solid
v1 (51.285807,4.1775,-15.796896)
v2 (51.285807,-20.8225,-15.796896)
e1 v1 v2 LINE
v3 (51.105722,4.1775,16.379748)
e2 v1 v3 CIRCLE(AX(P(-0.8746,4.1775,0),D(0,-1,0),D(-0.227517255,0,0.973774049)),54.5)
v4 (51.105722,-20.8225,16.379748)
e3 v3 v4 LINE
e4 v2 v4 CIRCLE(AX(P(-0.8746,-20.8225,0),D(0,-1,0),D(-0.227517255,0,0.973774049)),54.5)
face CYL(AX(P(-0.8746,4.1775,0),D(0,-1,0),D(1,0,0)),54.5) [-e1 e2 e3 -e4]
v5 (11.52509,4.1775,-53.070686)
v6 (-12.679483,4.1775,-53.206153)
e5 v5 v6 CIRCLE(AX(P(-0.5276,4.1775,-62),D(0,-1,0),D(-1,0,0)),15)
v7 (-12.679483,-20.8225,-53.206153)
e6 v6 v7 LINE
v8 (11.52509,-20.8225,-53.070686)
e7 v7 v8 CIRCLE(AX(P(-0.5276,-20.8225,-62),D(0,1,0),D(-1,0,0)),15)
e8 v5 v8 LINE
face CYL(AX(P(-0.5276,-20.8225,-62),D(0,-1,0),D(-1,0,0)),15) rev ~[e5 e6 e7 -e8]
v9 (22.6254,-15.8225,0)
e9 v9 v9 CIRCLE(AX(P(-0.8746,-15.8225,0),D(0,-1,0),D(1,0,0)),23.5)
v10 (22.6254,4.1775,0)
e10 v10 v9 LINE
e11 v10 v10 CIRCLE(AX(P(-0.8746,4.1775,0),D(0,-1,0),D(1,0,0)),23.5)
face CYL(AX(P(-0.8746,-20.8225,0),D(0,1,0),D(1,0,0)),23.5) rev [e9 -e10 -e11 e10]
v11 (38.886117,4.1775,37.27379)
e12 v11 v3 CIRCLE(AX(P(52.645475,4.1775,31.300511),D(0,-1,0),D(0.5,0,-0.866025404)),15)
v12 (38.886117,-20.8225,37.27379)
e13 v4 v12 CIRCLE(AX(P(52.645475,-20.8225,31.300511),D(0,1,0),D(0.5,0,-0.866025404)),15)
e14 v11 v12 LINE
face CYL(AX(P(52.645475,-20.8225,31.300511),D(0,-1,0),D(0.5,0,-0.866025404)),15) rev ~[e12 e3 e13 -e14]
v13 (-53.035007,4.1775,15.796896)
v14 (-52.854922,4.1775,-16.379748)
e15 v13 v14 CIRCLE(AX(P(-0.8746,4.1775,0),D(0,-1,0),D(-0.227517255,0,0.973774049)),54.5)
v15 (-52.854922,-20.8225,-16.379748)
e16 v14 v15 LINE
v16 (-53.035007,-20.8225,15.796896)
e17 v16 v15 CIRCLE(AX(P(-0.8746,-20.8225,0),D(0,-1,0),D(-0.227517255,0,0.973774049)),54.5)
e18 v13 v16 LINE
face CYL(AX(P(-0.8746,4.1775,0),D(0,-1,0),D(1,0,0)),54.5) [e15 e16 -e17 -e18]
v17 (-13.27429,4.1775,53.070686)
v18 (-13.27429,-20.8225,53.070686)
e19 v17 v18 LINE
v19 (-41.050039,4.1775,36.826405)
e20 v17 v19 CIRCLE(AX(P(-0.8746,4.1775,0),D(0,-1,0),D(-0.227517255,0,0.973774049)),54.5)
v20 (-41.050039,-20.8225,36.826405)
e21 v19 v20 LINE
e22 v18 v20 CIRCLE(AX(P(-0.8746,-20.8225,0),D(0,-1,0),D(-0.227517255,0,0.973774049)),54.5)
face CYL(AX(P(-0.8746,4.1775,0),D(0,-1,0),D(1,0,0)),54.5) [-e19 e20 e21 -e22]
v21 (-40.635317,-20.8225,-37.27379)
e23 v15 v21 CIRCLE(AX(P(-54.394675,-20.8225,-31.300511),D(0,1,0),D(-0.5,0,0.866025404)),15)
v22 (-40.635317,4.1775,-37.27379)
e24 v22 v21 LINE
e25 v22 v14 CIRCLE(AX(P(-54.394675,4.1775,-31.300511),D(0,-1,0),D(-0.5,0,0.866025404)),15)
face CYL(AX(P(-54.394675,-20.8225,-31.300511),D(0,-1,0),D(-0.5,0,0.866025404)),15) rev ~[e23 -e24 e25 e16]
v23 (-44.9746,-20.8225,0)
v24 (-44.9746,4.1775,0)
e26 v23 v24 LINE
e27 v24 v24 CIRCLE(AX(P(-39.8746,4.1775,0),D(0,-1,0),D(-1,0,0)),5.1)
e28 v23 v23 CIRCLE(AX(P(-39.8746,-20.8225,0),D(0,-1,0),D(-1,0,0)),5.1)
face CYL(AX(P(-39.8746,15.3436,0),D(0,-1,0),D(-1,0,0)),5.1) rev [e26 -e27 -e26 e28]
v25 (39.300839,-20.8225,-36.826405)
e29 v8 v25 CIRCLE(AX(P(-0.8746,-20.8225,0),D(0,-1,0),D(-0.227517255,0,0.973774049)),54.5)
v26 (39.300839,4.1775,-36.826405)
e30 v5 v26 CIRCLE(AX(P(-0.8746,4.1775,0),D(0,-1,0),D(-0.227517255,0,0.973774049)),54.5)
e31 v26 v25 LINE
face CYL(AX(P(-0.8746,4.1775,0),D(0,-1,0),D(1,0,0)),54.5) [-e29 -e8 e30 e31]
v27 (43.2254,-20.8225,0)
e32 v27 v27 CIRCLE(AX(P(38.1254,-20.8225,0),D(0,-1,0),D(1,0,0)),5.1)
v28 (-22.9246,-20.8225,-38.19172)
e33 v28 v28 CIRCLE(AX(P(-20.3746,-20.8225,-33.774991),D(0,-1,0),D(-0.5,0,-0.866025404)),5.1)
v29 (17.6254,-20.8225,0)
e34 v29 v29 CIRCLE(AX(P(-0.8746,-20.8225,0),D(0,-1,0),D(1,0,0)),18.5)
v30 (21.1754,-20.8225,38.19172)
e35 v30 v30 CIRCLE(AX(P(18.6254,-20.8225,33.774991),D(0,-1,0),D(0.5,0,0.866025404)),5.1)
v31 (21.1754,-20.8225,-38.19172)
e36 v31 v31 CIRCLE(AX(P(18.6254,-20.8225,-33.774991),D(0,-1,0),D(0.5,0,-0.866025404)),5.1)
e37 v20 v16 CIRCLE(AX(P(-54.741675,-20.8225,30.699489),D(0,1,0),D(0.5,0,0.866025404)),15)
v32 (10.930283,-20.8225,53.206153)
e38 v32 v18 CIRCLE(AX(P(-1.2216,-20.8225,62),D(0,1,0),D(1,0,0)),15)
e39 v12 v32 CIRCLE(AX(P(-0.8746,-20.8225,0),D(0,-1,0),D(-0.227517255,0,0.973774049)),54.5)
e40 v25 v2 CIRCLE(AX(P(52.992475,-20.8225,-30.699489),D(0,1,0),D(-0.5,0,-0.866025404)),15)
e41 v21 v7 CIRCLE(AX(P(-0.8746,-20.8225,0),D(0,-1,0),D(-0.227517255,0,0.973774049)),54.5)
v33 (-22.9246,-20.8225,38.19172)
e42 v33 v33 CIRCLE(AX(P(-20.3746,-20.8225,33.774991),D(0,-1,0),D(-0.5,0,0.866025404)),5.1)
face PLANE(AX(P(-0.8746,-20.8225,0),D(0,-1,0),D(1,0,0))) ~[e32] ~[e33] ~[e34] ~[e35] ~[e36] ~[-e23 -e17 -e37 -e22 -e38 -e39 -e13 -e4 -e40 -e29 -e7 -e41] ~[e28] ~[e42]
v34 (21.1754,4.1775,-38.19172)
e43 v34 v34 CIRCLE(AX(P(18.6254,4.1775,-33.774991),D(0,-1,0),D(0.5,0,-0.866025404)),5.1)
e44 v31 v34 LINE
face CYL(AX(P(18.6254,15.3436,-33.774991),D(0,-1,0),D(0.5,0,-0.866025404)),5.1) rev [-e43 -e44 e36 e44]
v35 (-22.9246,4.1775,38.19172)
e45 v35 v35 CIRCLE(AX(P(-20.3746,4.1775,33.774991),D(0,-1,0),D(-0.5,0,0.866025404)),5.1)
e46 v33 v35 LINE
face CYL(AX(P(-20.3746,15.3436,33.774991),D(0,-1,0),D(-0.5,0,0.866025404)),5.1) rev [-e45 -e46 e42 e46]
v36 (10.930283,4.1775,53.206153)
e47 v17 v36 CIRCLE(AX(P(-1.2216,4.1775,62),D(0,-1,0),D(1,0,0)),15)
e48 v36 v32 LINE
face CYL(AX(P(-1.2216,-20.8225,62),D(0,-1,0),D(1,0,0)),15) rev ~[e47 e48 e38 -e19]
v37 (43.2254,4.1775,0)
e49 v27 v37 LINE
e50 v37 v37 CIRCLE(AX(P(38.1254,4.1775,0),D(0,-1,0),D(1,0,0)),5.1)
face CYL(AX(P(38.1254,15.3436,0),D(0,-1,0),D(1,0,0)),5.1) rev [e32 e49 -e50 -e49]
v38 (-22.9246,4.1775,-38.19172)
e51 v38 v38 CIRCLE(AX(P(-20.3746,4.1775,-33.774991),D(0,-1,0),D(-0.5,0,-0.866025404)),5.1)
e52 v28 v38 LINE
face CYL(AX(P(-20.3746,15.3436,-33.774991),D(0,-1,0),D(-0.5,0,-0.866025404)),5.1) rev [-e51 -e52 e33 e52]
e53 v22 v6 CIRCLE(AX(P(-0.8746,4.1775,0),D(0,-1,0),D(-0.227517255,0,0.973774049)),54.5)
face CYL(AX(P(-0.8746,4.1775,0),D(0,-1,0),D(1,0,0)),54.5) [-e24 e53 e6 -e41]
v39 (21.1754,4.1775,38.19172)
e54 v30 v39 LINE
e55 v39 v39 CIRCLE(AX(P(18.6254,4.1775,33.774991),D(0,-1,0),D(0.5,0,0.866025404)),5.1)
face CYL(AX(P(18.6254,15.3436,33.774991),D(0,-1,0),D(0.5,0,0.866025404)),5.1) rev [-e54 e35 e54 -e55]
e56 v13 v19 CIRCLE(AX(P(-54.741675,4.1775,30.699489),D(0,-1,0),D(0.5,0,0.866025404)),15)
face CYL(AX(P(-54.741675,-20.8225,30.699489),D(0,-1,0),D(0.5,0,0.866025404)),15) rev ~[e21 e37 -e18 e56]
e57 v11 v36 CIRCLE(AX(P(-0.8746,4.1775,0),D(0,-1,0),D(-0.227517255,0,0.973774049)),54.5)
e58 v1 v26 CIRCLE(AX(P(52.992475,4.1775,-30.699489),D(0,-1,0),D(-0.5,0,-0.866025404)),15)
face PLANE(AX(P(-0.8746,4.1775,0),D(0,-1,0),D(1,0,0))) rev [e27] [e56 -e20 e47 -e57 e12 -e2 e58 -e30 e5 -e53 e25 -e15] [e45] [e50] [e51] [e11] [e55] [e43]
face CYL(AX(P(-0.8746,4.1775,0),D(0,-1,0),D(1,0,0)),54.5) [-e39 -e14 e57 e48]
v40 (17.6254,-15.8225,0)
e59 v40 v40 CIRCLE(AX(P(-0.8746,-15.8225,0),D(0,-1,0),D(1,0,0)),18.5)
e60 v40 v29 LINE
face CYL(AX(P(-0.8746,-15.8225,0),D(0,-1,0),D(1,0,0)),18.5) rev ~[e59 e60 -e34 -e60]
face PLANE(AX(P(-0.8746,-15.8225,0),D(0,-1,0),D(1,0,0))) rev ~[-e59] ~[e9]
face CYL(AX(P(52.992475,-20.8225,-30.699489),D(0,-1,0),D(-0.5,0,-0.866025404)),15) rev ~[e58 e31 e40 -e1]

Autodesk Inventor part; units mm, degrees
ref_plane "YZ Plane" through (0, 0, 0) normal (1, 0, 0) x (0, 1, 0)
ref_plane "XZ Plane" through (0, 0, 0) normal (0, 1, 0) x (-1, 0, 0)
ref_plane "XY Plane" through (0, 0, 0) normal (0, 0, 1) x (1, 0, 0)
sketch "Sketch1" plane through (0, 0, 0) normal (0, 0, 1) x (1, 0, 0)
  line L0 (-0.8746, 32.779) -> (-0.8746, -34.5944)
  line L1 (22.6254, 4.1775) -> (53.6254, 4.1775)
  line L2 (53.6254, 4.1775) -> (53.6254, -20.8225)
  line L3 (53.6254, -20.8225) -> (22.6254, -20.8225)
  line L4 (22.6254, -20.8225) -> (22.6254, 4.1775)
  line L5 (38.1254, 4.1775) -> (38.1254, -20.8225)
  line L6 (38.1254, 15.3436) -> (43.2254, 15.3436)
  line L7 (43.2254, 15.3436) -> (43.2254, -23.8453)
  line L8 (43.2254, -23.8453) -> (38.1254, -23.8453)
  line L9 (38.1254, -23.8453) -> (38.1254, 15.3436)
  line L10 (22.6254, -15.8225) -> (17.6254, -15.8225)
  line L11 (17.6254, -15.8225) -> (17.6254, -20.8225)
  line L12 (17.6254, -20.8225) -> (22.6254, -20.8225)
  line L13 (22.6254, -20.8225) -> (22.6254, -15.8225)
  point P0 (0, 0)
  dimension "d0" = 47
  dimension "d1" = 25
  dimension "d3" = 39
  dimension "d5" = 10.2
  dimension "d7" = 5
  dimension "d8" = 5
revolve "Revolution1" add sketch "Sketch1" angle 360 about axis through (-0.8746, 32.779, 0) along (0, -1, 0) contours L1 L5 L3 L4 | L1 L7 L3 L5 | L1 L2 L3 L7
revolve "Revolution2" cut sketch "Sketch1" angle 360 about axis through (38.1254, -23.8453, 0) along (0, 1, 0) contours L9 L6 L7 L1 | L1 L7 L3 L5 | L3 L7 L8 L9
revolve "Revolution3" add sketch "Sketch1" angle 360 about axis through (-0.8746, 32.779, 0) along (0, -1, 0) contours L4 L12 L11 L10
pattern_circular "Circular Pattern1" count 6 over 360 about axis through (-0.8746, -8.3225, 0) along (0, -1, 0) of "Revolution2"
sketch "Sketch2" plane through (-0.8746, -20.8225, 0) normal (0, -1, 0) x (1, 0, 0)
  circle A0 centre (-0.347, 62) radius 15
  circle A1 centre (19.5, -33.775) radius 5.1 projected
  circle A2 centre (-19.5, -33.775) radius 5.1 projected
  circle A3 centre (-39, 0) radius 5.1 projected
  circle A4 centre (-19.5, 33.775) radius 5.1 projected
  circle A5 centre (19.5, 33.775) radius 5.1 projected
  circle A6 centre (0, 0) radius 18.5 projected
  circle A7 centre (39, 0) radius 5.1 projected
  circle A8 centre (0, 0) radius 54.5 projected
  point P0 (0.8746, 0)
  dimension "d13" = 62
  dimension "d14" = 30
extrude "Extrusion1" cut sketch "Sketch2" against normal through all contours A0 A8 | A8 A0 picked at (-0.731, 61.8812) picked at (-0.2905, 51.8983)
pattern_circular "Circular Pattern2" count 6 over 360 about axis through (-0.8746, -8.3225, 0) along (0, -1, 0) of "Extrusion1"
properties part number "HELP_6204BEARING_CASE_A"
